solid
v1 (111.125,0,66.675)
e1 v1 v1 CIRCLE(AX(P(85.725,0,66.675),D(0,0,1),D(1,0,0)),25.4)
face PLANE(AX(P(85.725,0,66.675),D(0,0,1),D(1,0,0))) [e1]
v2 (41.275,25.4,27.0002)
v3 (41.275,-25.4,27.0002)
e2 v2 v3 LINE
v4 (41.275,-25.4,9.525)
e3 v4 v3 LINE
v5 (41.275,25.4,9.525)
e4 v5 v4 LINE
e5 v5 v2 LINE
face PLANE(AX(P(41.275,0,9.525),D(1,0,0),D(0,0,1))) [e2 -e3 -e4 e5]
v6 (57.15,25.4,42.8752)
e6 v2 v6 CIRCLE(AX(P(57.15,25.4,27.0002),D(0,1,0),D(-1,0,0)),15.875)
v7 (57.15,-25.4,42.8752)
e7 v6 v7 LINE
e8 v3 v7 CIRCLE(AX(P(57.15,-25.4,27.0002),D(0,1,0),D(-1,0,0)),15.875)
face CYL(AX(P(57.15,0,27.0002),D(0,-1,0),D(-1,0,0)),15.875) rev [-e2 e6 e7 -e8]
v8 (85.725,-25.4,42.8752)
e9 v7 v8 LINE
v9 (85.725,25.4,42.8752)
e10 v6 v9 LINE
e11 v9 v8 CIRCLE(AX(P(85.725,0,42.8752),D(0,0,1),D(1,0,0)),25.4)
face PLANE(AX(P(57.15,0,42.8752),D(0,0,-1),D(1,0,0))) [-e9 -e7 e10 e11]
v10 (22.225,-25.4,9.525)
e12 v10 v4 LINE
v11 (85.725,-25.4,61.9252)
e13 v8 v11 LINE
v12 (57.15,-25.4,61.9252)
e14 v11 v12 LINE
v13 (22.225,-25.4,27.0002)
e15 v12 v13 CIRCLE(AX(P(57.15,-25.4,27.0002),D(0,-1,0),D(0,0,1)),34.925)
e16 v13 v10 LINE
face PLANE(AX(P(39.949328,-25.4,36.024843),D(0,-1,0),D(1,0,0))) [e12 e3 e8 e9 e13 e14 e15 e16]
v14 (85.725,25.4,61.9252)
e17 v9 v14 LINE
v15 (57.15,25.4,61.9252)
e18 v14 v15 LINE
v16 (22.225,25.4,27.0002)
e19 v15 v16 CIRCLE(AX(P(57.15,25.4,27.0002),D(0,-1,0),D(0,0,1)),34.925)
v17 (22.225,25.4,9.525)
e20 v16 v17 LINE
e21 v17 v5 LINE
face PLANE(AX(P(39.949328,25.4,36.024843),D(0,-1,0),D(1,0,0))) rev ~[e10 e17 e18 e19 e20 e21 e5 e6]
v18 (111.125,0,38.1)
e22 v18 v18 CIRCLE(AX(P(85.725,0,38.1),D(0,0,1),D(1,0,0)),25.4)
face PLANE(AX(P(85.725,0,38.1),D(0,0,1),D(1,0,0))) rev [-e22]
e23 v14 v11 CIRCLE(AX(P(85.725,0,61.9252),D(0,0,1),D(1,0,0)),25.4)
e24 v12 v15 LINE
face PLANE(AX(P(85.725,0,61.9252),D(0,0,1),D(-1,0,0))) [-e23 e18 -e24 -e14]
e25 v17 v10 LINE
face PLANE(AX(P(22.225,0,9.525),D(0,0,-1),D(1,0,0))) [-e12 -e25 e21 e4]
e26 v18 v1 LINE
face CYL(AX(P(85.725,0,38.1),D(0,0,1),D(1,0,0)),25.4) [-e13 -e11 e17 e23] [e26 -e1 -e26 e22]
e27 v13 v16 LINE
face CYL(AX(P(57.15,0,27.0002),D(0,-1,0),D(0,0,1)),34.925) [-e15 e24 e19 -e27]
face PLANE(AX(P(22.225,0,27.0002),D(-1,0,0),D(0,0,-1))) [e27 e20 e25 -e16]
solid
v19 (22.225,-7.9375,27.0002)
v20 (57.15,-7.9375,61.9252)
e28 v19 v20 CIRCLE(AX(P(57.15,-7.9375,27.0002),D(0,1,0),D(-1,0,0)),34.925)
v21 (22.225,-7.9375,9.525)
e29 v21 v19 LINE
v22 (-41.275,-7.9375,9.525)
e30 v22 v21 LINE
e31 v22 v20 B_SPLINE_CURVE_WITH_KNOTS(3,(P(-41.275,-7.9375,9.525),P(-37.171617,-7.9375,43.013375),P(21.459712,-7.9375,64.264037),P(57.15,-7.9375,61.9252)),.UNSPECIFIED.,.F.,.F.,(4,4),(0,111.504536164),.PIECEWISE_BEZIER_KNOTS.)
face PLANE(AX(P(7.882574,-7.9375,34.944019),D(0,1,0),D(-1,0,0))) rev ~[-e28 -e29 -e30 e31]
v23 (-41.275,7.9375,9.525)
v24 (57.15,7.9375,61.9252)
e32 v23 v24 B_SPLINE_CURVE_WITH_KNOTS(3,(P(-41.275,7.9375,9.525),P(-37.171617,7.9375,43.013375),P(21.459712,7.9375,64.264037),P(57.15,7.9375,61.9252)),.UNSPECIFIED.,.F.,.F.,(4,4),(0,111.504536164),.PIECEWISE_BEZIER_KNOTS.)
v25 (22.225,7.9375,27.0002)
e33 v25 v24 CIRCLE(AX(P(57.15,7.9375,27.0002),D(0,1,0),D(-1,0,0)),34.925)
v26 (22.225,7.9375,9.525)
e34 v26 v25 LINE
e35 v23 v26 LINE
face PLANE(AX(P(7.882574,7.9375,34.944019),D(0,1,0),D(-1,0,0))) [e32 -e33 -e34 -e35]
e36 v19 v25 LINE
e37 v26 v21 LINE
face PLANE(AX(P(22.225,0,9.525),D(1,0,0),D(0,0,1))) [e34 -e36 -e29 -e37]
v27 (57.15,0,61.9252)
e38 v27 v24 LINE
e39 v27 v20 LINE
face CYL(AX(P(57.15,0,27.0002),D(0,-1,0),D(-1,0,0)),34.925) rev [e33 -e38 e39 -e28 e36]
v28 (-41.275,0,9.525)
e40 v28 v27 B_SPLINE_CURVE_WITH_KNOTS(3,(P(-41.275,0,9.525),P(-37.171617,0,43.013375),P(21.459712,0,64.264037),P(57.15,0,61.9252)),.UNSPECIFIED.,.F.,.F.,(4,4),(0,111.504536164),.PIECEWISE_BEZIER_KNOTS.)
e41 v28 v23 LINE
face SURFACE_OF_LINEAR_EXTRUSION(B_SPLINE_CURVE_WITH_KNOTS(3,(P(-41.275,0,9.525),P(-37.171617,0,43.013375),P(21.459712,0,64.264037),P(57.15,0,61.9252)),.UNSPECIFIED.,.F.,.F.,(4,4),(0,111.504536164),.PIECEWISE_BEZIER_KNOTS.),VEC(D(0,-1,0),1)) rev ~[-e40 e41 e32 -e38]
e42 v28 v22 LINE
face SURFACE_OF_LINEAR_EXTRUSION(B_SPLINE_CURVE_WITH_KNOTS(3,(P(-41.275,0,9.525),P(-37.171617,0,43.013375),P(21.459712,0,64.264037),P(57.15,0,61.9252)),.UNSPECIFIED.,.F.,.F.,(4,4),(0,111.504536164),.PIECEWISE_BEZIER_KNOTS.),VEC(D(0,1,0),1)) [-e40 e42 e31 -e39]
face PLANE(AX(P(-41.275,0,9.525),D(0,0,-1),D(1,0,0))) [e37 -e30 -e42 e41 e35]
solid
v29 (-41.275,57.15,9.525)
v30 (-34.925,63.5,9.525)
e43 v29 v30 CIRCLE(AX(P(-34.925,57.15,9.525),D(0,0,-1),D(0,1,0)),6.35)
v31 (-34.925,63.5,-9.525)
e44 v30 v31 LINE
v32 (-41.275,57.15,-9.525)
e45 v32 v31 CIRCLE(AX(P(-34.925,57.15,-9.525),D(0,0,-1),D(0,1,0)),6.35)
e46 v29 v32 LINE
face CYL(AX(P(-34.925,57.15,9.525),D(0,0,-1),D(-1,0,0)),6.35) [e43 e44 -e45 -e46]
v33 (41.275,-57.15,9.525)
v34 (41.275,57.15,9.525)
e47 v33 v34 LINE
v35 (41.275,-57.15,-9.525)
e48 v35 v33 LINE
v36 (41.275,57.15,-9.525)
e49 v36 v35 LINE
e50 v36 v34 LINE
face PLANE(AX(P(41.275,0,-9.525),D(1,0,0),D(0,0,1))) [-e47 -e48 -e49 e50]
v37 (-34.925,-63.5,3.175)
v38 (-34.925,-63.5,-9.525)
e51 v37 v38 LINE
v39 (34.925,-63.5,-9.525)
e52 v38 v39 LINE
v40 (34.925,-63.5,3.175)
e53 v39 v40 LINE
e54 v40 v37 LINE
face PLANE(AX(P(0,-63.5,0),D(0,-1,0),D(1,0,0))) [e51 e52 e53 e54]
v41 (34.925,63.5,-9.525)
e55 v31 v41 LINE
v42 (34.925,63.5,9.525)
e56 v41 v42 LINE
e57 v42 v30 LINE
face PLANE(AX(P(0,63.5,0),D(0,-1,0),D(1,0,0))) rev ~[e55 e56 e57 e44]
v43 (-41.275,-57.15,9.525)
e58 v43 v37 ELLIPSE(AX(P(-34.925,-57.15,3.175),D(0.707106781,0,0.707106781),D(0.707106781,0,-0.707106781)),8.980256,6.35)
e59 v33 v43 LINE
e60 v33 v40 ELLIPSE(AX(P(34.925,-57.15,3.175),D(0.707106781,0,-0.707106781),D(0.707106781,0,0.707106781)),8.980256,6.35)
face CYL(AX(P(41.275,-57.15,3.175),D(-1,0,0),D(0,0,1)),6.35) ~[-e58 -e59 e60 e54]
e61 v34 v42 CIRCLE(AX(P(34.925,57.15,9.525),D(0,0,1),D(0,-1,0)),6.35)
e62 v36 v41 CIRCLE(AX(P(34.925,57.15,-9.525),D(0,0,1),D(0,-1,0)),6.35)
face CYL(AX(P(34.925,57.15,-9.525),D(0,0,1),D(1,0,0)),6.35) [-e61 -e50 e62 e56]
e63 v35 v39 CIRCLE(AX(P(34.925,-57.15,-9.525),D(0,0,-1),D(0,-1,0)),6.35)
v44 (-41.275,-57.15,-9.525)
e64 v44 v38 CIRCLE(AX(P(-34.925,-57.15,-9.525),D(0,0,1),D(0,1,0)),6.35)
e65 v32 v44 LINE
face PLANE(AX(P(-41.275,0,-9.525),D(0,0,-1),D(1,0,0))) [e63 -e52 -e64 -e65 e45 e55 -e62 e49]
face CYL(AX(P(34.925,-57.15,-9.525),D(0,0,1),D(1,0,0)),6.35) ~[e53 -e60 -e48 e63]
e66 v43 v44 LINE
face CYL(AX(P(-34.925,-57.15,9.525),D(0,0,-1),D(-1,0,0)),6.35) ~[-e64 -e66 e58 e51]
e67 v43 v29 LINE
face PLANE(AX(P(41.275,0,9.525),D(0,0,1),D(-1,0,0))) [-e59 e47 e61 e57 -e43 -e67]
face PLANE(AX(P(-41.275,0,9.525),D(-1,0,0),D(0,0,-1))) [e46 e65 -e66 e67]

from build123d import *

# Parameters (mm, degrees)
F1_DEPTH = 63.5
F0_W     = 25.4
F0_H     = 19.05
F2_DEPTH = 25.4
F3_DEPTH = 7.9375
F5_R     = 6.35


with BuildPart() as f1:
    # F0 (on Front) → F1 (new body, symmetric)
    with BuildSketch(Plane.XZ):
        Polygon((22.225, 9.525), (-41.275, 9.525), (-41.275, -9.525), (41.275, -9.525), (41.275, 9.525), align=None)
    extrude(amount=F1_DEPTH, both=True)

    # F5
    f5_edges = [f1.edges().sort_by_distance(p)[0] for p in [
        (-41.275, -63.5, 0),
        (41.275, -63.5, 0),
        (41.275, 63.5, 0),
        (-41.275, 63.5, 0),
        (0, -63.5, 9.525),
    ]]
    fillet(f5_edges, radius=F5_R)


with BuildPart() as f2:
    # F0 (on Front) → F2 (new body, symmetric)
    with BuildSketch(Plane.XZ):
        with BuildLine():
            Line((22.225, 27.0002), (22.225, 9.525))
            Line((22.225, 9.525), (41.275, 9.525))
            Line((41.275, 9.525), (41.275, 27.0002))
            ThreePointArc((41.275, 27.0002), (45.9246798487, 38.2255201513), (57.15, 42.8752))
            Line((57.15, 42.8752), (60.325, 42.8752))
            Line((60.325, 42.8752), (60.325, 61.9252))
            Line((60.325, 61.9252), (57.15, 61.9252))
            ThreePointArc((57.15, 61.9252), (32.4542956671, 51.6959043329), (22.225, 27.0002))
        make_face()
        with Locations((73.025, 52.4002)):
            Rectangle(F0_W, F0_H)
    extrude(amount=F2_DEPTH, both=True)

    # F0 (on Front) → F4 (revolve)
    with BuildSketch(Plane.XZ):
        Polygon((85.725, 66.675), (85.725, 61.9252), (85.725, 42.8752), (85.725, 38.1), (111.125, 38.1), (111.125, 66.675), align=None)
    revolve(axis=Axis((85.725, 0, 52.3875), (0, 0, 1)))


with BuildPart() as f3:
    # F0 (on Front) → F3 (new body, symmetric)
    with BuildSketch(Plane.XZ):
        with BuildLine():
            add(Edge.make_bspline(
                [(-41.275, 9.525), (-37.1716171503, 43.0133752525), (21.4597117156, 64.264036715), (57.15, 61.9252)],
                knots=[0, 0, 0, 0, 111.5045361635, 111.5045361635, 111.5045361635, 111.5045361635], degree=3))
            Line((-41.275, 9.525), (22.225, 9.525))
            Line((22.225, 9.525), (22.225, 27.0002))
            ThreePointArc((22.225, 27.0002), (32.4542956671, 51.6959043329), (57.15, 61.9252))
        make_face()
    extrude(amount=F3_DEPTH, both=True)


solid = Compound([f1.part, f2.part, f3.part])
